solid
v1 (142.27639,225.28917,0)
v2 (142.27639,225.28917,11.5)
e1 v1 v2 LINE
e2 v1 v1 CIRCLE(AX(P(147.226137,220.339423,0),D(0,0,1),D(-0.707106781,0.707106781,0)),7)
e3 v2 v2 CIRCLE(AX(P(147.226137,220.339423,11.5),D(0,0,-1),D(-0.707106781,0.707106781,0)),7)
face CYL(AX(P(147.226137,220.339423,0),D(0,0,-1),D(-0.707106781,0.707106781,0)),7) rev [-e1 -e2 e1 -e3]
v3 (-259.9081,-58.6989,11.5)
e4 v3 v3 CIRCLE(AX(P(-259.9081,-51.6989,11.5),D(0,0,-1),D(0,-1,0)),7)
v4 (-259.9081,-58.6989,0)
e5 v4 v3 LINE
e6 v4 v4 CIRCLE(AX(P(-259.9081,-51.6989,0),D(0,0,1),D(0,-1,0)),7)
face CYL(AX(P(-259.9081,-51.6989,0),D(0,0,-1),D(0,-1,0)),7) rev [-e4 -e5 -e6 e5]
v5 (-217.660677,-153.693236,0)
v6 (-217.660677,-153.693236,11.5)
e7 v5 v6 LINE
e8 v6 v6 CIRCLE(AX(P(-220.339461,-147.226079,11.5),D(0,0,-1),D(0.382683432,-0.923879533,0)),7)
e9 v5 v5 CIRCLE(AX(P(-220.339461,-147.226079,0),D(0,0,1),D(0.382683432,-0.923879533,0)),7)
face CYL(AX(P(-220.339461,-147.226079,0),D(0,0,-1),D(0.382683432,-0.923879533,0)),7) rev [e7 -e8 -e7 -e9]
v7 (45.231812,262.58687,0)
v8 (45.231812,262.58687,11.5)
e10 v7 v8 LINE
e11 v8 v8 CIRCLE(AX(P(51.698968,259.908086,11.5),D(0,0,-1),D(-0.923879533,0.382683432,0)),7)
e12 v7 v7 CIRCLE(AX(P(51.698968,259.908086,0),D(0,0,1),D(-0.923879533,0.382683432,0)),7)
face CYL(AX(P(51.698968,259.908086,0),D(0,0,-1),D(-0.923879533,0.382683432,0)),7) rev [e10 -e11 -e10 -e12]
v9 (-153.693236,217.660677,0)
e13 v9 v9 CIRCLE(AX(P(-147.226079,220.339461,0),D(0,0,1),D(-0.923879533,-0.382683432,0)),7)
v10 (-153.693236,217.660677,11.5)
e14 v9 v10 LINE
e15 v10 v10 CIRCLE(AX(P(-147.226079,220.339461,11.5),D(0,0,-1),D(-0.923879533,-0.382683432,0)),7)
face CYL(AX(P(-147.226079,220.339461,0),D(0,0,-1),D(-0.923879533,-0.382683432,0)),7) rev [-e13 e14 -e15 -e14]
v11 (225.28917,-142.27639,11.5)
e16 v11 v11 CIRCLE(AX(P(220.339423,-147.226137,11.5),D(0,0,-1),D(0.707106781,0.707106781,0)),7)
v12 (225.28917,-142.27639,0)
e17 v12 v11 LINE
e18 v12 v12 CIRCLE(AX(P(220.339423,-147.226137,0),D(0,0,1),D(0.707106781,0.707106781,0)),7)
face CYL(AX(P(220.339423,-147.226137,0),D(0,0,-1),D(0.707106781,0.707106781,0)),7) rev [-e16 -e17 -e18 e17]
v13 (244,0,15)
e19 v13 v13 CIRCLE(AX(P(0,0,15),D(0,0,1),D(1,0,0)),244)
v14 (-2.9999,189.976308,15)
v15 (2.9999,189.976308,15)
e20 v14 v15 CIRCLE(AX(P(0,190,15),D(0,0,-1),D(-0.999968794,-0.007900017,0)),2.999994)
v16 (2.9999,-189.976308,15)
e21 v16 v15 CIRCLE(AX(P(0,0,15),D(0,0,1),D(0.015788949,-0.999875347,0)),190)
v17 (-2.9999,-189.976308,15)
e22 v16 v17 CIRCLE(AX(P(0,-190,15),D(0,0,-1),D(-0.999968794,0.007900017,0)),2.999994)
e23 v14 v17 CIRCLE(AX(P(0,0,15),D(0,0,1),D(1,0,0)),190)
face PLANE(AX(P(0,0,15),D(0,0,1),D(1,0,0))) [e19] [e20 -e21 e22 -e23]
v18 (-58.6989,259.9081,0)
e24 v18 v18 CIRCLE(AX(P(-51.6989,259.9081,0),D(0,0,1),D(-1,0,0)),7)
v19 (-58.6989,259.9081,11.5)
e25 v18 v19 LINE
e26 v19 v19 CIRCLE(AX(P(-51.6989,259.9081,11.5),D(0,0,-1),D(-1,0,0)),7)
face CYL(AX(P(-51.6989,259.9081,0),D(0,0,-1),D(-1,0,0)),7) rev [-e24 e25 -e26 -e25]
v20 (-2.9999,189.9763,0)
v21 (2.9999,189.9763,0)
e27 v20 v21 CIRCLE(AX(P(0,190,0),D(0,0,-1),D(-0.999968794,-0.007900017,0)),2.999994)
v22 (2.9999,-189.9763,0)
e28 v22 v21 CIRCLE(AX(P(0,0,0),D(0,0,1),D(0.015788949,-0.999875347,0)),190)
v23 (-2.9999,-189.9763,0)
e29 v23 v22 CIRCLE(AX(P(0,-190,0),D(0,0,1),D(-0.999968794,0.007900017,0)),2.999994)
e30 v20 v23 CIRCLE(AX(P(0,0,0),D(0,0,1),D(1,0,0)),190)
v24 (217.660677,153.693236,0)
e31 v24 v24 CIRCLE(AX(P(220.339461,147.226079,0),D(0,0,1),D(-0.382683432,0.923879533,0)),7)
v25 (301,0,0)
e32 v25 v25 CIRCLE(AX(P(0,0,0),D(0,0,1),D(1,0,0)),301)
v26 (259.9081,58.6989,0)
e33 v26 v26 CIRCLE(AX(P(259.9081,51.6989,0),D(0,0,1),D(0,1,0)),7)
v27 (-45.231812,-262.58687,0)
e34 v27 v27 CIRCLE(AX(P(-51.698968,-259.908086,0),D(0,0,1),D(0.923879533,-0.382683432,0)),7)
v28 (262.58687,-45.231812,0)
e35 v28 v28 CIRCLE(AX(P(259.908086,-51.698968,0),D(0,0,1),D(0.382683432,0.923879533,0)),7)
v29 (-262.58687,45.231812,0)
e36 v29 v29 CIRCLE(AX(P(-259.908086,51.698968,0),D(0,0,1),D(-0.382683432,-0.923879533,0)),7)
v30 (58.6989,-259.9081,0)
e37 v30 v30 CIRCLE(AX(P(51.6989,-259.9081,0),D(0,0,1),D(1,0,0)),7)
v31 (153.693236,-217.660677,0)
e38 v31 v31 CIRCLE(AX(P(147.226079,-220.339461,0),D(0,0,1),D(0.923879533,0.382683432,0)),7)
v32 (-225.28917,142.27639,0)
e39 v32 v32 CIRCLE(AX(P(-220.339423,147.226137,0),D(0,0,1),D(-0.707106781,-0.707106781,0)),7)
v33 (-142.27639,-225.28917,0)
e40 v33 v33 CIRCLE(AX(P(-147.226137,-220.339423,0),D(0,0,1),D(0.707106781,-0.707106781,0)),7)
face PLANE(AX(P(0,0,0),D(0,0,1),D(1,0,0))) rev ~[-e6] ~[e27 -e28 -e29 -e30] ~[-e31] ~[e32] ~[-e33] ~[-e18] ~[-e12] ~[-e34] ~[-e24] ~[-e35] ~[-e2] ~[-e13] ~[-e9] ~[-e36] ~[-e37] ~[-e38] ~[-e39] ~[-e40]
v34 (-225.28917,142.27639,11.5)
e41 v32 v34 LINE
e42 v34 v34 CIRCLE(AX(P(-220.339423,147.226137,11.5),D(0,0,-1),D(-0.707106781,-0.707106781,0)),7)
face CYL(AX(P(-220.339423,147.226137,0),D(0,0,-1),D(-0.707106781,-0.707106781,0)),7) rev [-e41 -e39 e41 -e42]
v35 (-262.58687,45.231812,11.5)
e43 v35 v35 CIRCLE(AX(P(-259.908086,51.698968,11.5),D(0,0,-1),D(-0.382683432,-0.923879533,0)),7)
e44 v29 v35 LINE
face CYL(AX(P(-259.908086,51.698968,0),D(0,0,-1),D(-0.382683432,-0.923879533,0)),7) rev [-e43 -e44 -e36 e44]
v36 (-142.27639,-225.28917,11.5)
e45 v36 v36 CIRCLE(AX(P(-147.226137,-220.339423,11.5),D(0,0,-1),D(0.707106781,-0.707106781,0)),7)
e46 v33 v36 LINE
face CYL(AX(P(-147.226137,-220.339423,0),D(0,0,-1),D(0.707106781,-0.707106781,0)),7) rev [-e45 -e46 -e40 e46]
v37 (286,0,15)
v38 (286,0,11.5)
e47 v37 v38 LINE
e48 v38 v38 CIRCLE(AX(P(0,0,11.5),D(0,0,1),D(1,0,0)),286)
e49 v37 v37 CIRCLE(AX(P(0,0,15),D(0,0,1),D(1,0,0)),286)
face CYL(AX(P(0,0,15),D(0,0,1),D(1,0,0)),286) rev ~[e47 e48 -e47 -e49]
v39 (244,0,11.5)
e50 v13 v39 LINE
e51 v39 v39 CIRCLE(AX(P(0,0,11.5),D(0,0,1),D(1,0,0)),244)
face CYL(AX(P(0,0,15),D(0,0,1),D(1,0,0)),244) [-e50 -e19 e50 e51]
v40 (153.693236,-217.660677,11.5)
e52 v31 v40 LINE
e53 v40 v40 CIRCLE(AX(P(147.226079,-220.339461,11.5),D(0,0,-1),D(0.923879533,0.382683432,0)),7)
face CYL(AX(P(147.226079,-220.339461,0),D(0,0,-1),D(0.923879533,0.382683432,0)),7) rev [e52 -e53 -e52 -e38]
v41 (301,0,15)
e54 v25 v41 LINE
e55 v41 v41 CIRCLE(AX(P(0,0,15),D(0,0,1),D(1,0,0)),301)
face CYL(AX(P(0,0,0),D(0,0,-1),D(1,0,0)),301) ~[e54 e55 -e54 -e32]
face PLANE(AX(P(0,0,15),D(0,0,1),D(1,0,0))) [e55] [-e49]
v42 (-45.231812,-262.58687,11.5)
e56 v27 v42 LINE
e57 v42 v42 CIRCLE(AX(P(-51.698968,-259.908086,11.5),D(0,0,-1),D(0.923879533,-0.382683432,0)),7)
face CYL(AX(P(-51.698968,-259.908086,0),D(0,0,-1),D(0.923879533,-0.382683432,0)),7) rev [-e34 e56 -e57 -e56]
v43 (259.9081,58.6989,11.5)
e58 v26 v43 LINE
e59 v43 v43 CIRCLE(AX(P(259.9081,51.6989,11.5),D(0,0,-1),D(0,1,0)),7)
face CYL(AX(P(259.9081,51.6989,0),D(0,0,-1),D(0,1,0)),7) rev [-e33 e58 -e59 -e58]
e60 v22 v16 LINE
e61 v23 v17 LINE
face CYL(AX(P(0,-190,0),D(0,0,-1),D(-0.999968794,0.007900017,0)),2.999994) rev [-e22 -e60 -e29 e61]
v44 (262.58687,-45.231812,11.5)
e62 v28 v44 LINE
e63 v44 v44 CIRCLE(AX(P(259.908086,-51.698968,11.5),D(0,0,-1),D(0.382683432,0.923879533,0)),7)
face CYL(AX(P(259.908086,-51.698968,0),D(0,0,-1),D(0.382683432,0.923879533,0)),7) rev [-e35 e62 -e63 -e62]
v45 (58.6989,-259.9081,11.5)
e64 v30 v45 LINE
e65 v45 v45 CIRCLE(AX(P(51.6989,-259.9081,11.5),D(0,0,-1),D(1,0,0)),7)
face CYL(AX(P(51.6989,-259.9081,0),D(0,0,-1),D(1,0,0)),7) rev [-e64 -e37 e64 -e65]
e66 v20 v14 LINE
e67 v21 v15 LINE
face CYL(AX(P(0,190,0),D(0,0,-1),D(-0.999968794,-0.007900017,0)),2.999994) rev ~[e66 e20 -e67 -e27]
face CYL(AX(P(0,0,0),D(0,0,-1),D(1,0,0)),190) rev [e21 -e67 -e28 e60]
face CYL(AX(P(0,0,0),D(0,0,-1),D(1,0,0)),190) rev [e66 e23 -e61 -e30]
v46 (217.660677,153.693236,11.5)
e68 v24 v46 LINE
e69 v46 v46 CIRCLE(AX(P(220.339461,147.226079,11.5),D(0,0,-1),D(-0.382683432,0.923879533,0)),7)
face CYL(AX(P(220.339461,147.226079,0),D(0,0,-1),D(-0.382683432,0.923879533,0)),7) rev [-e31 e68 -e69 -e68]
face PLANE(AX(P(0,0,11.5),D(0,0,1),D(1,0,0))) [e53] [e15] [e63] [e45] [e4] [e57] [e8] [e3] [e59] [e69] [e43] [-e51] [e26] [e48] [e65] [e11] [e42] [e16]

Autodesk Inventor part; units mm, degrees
ref_plane "YZ Plane" through (0, 0, 0) normal (1, 0, 0) x (0, 1, 0)
ref_plane "XZ Plane" through (0, 0, 0) normal (0, 1, 0) x (-1, 0, 0)
ref_plane "XY Plane" through (0, 0, 0) normal (0, 0, 1) x (1, 0, 0)
sketch "Sketch1" plane through (0, 0, 0) normal (0, 0, 1) x (1, 0, 0)
  circle A0 centre (0, 0) radius 190
  circle A1 centre (0, 0) radius 301
  circle A2 centre (0, 0) radius 265 construction
  point P0 (0, 265)
  dimension "d17" = 530
  dimension "d41" = 602
  dimension "d42" = 380
extrude "Extrusion1" add sketch "Sketch1" along normal blind 15
sketch "Sketch2" plane through (0, 0, 15) normal (0, 0, 1) x (1, 0, 0)
  circle A0 centre (0, 0) radius 301 construction
  circle A1 centre (0, 0) radius 190 construction
  line L0 (0, 286) -> (0, 244) construction
  line L1 (0, 190) -> (0, 0) construction
  circle A2 centre (0, 0) radius 244
  circle A3 centre (0, 0) radius 286
  circle A4 centre (0, 0) radius 265 construction
  point P0 (0, 265)
  dimension "d19" = 530
  dimension "d4" = 42
extrude "Extrusion2" cut sketch "Sketch2" against normal blind 3.5
sketch "Sketch3" plane through (0, 0, 0) normal (0, 0, 1) x (1, 0, 0)
  circle A0 centre (0, 0) radius 190 construction
  circle A1 centre (0, 0) radius 301 construction
  circle A2 centre (0, 0) radius 244 projected
  circle A3 centre (0, 0) radius 286 projected
  circle A4 centre (0, 0) radius 301 projected
  line L0 (0, 0) -> (0, -301) construction
  line L1 (0, 0) -> (58.7222, -295.2164) construction
  line L2 (47.602, -239.3116) -> (55.7958, -280.5046) construction
  circle A5 centre (51.6989, -259.9081) radius 7
  dimension "d20" = 11.25
  dimension "d21" = 14
extrude "Extrusion3" cut sketch "Sketch3" along normal through all contours A5
pattern_circular "Circular Pattern2" count 16 over 360 about axis through (0, 0, 0) along (0, 0, -1) of "Extrusion3"
sketch "Sketch5" plane through (0, 0, 0) normal (0, 0, -1) x (-1, 0, 0)
  circle A0 centre (0, 0) radius 301 projected
  circle A1 centre (0, 0) radius 190 projected
  line L0 (0, 0) -> (0, 190) construction
  arc A2 (2.9999, 189.9763) -> (-2.9999, 189.9763) centre (0, 190) ccw
  dimension "d40" = 6
extrude "Extrusion4" cut sketch "Sketch5" against normal through all contours A1 A2
mirror "Mirror1" about plane through (0, 0, 0) normal (0, 1, 0) of "Extrusion4"
equation "\"d17\" = Шпил_пласт_КОРМА_диам_центров"
equation "\"d19\" = Шпил_пласт_КОРМА_диам_центров"
equation "\"BendReliefDepth\" = 0.5 * Thickness"
equation "\"Шпил_пласт_КОРМА_диам_центров\" = 530"
equation "\"Thickness\" = 10"
properties part number "ДМФ 025 кольцо прижимное корма наружное"
